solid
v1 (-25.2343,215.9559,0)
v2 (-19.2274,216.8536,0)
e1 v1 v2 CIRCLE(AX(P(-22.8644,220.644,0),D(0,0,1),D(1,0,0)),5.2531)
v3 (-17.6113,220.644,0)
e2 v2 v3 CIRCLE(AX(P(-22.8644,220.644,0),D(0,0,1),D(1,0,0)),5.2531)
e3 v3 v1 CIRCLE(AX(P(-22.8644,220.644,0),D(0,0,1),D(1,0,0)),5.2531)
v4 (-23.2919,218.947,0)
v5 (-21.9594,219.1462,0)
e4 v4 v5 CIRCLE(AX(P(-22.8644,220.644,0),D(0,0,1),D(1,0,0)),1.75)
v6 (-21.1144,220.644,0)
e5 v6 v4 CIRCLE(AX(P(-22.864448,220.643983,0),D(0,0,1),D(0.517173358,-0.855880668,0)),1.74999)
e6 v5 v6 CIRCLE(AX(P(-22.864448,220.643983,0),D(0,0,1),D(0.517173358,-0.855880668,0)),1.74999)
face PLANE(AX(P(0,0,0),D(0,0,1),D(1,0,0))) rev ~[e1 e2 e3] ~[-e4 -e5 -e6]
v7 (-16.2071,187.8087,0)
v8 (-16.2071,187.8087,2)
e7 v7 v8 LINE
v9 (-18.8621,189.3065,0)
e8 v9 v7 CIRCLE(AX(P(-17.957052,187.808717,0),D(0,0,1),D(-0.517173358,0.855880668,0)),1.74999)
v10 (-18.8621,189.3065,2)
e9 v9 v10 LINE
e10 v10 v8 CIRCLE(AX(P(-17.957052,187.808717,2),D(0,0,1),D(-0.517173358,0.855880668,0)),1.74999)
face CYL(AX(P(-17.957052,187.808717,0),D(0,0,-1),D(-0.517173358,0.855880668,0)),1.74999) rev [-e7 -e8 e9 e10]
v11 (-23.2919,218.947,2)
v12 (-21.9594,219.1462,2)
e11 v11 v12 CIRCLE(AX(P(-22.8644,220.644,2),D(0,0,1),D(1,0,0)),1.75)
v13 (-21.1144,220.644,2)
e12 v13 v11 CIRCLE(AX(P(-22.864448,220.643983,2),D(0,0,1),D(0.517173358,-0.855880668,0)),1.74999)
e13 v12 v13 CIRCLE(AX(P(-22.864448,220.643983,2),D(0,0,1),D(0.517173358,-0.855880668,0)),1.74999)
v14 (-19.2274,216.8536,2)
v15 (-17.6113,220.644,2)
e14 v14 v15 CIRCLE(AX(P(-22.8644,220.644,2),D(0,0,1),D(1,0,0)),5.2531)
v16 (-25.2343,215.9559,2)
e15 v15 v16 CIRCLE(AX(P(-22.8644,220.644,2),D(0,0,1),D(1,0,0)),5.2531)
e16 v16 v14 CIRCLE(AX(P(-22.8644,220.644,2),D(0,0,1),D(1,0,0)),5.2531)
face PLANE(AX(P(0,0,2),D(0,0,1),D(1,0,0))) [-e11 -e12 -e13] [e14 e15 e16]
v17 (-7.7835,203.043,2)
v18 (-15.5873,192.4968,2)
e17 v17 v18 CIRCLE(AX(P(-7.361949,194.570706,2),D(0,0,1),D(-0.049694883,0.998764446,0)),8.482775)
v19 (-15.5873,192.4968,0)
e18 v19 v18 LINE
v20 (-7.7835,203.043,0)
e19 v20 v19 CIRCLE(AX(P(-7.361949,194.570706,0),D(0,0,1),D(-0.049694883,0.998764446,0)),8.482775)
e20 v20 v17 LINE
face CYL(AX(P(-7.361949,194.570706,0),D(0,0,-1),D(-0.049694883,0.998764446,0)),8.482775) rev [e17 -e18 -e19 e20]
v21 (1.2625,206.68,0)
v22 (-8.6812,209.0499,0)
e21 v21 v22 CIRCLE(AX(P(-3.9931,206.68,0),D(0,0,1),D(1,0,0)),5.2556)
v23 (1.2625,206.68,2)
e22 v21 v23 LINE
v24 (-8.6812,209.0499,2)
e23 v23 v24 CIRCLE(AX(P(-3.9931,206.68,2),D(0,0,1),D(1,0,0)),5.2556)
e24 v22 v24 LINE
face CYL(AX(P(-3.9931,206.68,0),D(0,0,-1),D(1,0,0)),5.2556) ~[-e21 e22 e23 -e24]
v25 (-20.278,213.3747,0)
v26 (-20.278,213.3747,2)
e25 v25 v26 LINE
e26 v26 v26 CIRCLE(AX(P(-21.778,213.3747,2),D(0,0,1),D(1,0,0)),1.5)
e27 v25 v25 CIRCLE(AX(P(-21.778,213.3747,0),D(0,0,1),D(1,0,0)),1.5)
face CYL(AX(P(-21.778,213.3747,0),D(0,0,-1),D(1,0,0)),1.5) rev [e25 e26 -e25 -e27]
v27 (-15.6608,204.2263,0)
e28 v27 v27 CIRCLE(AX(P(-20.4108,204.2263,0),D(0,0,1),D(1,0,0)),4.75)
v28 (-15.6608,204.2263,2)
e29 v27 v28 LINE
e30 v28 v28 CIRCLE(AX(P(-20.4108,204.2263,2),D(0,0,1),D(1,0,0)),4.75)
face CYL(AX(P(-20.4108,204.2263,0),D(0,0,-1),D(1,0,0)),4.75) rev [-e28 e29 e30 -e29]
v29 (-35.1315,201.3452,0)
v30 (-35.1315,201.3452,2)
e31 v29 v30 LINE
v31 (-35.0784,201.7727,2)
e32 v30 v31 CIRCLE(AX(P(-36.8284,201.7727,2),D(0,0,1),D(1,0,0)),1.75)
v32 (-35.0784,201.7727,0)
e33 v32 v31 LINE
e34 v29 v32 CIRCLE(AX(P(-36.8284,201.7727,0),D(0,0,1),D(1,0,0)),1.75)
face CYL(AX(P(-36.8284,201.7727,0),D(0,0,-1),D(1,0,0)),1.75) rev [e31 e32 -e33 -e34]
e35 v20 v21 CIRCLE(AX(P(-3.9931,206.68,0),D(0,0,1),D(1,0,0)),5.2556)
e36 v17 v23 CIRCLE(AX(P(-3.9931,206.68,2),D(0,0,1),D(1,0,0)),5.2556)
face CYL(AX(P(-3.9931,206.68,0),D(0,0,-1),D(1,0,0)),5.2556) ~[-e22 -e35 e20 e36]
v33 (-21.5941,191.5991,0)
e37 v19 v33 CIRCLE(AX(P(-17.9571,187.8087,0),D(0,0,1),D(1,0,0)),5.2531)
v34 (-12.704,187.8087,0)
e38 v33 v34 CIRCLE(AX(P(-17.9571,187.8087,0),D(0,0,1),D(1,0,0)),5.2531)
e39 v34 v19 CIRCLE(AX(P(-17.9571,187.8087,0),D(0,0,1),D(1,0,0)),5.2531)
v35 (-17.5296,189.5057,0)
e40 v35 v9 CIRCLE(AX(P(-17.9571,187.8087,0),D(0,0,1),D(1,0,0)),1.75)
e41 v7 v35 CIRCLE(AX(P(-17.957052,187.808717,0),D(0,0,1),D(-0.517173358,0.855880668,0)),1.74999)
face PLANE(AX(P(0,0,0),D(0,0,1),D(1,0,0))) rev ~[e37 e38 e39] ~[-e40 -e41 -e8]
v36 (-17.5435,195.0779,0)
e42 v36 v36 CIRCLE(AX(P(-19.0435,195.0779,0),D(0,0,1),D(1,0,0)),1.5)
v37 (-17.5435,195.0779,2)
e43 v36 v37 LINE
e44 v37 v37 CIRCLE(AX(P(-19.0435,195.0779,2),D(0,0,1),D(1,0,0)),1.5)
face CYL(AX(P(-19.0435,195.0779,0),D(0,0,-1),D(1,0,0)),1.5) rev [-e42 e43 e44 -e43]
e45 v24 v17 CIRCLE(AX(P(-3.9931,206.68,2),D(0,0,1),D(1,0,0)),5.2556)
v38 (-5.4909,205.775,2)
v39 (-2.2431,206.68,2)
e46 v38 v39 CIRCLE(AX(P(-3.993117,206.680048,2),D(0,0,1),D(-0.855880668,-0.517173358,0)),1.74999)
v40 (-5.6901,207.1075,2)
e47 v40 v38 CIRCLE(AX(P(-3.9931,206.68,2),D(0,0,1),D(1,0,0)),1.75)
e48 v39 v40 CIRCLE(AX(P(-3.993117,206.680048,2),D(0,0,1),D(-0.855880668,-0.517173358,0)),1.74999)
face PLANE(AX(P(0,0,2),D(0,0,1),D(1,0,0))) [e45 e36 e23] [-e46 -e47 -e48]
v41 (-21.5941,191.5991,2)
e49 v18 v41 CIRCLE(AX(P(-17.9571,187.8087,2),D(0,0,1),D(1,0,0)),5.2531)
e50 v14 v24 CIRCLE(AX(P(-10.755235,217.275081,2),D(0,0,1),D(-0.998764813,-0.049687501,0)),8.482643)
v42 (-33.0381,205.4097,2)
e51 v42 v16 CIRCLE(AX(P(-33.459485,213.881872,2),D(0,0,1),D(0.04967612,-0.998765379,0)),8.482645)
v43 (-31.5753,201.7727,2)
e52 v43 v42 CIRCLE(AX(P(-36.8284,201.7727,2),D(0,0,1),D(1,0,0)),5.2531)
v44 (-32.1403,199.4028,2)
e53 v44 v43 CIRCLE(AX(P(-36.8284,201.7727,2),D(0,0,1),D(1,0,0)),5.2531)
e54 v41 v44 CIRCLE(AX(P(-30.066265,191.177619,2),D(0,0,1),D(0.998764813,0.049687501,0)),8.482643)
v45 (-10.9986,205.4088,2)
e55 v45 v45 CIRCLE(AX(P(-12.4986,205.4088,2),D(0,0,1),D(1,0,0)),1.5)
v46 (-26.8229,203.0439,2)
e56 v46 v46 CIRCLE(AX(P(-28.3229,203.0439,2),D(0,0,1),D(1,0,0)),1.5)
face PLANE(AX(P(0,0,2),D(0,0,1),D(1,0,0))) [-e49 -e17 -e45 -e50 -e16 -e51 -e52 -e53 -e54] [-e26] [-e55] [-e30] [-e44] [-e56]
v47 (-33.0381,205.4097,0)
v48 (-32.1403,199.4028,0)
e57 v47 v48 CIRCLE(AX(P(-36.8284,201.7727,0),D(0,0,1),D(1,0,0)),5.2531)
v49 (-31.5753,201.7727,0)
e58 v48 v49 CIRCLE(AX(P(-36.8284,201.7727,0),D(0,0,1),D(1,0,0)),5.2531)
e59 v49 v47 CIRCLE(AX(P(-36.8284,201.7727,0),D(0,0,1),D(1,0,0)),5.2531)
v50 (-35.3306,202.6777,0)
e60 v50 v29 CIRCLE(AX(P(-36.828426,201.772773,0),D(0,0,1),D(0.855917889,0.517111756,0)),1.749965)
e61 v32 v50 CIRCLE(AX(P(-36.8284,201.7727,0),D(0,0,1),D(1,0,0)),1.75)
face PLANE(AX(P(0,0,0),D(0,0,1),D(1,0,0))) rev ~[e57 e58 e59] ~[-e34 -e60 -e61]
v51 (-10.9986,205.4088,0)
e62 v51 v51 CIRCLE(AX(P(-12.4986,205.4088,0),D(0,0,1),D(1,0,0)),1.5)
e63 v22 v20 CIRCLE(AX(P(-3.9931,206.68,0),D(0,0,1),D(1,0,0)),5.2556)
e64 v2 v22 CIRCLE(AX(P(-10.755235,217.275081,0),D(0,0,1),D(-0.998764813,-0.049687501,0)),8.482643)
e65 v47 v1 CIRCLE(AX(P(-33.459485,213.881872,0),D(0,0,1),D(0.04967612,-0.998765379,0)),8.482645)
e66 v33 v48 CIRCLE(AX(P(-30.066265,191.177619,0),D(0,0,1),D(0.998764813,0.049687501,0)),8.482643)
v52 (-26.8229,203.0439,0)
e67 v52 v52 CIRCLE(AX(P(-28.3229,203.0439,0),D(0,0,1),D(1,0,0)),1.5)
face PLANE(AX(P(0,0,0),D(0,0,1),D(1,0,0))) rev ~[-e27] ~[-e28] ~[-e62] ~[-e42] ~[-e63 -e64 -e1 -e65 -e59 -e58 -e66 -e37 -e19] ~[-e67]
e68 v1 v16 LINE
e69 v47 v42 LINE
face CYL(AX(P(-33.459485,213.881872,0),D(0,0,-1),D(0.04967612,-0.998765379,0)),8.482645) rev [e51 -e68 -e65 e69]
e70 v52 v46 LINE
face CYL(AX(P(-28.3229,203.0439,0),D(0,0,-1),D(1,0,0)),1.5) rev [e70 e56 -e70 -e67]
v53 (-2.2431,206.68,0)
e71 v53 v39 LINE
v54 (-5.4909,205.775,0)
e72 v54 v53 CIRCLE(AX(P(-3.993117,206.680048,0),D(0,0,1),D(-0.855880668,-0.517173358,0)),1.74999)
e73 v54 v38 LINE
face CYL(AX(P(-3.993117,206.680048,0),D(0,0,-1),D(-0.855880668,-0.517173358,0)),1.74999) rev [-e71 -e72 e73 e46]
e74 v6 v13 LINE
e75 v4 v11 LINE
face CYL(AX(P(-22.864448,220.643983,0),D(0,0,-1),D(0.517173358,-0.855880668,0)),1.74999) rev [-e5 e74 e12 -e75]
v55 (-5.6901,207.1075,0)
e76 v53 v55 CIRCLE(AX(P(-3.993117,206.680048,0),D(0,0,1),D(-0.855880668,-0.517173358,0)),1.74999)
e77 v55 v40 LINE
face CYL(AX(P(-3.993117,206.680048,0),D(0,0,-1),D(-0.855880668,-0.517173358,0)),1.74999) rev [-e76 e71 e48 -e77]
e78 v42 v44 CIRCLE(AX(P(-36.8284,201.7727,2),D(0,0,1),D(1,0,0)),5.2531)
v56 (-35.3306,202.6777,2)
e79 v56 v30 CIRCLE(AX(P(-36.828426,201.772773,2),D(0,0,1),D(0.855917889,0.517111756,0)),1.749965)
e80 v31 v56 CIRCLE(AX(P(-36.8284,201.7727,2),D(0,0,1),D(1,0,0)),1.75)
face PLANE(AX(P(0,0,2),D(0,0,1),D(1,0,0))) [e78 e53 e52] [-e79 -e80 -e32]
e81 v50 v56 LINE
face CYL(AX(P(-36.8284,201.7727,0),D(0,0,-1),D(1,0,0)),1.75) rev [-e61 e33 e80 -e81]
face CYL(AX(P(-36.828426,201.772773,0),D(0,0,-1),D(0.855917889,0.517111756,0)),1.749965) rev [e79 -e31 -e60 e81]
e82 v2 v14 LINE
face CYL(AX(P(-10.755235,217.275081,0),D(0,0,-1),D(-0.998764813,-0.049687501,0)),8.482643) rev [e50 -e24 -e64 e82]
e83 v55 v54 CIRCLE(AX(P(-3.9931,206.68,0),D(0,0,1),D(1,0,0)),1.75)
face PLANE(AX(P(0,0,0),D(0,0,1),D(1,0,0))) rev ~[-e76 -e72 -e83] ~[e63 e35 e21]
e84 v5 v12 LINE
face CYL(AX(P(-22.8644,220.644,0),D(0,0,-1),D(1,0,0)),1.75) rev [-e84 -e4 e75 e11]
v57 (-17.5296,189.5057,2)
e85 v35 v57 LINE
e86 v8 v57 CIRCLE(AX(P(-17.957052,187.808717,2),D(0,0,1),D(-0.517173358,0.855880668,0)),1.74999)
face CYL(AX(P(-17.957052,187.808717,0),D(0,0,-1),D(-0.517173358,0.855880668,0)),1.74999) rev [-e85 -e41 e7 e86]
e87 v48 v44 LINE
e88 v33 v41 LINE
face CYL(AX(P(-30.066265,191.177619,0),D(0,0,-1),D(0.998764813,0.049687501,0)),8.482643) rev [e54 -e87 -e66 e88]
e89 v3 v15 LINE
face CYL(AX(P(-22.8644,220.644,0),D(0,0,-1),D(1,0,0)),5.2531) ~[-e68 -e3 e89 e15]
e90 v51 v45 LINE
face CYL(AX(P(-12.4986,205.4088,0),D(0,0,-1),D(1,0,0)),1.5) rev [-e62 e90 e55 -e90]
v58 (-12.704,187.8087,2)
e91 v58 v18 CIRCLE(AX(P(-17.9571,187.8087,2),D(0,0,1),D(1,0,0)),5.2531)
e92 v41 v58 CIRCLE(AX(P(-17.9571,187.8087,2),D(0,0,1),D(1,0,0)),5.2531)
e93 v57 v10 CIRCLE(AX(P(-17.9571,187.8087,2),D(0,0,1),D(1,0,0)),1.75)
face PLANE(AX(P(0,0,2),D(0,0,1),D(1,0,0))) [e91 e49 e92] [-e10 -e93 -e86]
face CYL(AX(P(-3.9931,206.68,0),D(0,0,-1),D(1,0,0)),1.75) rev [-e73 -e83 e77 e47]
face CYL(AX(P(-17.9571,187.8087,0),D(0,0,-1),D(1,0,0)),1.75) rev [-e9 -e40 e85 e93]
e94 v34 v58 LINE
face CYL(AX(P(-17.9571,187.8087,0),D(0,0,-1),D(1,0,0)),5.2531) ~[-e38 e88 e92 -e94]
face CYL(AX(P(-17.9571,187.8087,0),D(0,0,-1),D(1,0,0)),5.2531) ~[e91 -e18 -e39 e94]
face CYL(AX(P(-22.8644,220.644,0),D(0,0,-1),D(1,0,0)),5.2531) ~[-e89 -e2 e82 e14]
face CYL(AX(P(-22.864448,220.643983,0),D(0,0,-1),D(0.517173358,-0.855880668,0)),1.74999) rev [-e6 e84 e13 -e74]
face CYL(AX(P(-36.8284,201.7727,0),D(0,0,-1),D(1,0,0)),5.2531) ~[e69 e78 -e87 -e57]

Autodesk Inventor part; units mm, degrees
ref_plane "YZ Plane" through (0, 0, 0) normal (1, 0, 0) x (0, 1, 0)
ref_plane "XZ Plane" through (0, 0, 0) normal (0, 1, 0) x (-1, 0, 0)
ref_plane "XY Plane" through (0, 0, 0) normal (0, 0, 1) x (1, 0, 0)
sketch "Sketch1" plane through (0, 0, 0) normal (0, 0, 1) x (1, 0, 0)
  circle A0 centre (-12.4986, 205.4088) radius 1.5 projected
  circle A1 centre (-21.778, 213.3747) radius 1.5 projected
  circle A2 centre (-28.3229, 203.0439) radius 1.5 projected
  circle A3 centre (-19.0435, 195.0779) radius 1.5 projected
  arc A4 (-18.8621, 189.3065) -> (-17.5296, 189.5057) centre (-17.9571, 187.8087) ccw projected
  arc A5 (-5.4909, 205.775) -> (-5.6901, 207.1075) centre (-3.9931, 206.68) ccw projected
  arc A6 (-35.3306, 202.6777) -> (-35.1315, 201.3452) centre (-36.8284, 201.7727) ccw projected
  arc A7 (-21.9594, 219.1462) -> (-23.2919, 218.947) centre (-22.8644, 220.644) ccw projected
  arc A8 (-19.2274, 216.8536) -> (-8.6812, 209.0499) centre (-10.7552, 217.2751) ccw projected
  arc A9 (-33.0381, 205.4097) -> (-25.2343, 215.9559) centre (-33.4595, 213.8819) ccw projected
  arc A10 (-21.5941, 191.5991) -> (-32.1403, 199.4028) centre (-30.0663, 191.1776) ccw projected
  arc A11 (-7.7835, 203.043) -> (-15.5873, 192.4968) centre (-7.362, 194.5708) ccw projected
  circle A12 centre (-3.9931, 206.68) radius 5.2556
  circle A13 centre (-22.8644, 220.644) radius 5.2531
  circle A14 centre (-36.8284, 201.7727) radius 5.2531
  circle A15 centre (-17.9571, 187.8087) radius 5.2531
  circle A16 centre (-3.9931, 206.68) radius 1.75
  circle A17 centre (-22.8644, 220.644) radius 1.75
  circle A18 centre (-36.8284, 201.7727) radius 1.75
  circle A19 centre (-17.9571, 187.8087) radius 1.75
  circle A20 centre (-20.4108, 204.2263) radius 4.75 projected
  point P0 (0, 0)
  point P1 (-18.8621, 189.3065)
  point P2 (-17.5296, 189.5057)
  point P3 (-21.9594, 219.1462)
  point P4 (-23.2919, 218.947)
  point P5 (-5.4909, 205.775)
  point P6 (-5.6901, 207.1075)
  point P7 (-32.1403, 199.4028)
  point P8 (-21.5941, 191.5991)
  point P9 (-7.7868, 203.0428)
  point P10 (-8.6845, 209.0491)
  point P11 (-25.2343, 215.9559)
extrude "Extrusion1" add sketch "Sketch1" along normal blind 2
properties material "Steel"
